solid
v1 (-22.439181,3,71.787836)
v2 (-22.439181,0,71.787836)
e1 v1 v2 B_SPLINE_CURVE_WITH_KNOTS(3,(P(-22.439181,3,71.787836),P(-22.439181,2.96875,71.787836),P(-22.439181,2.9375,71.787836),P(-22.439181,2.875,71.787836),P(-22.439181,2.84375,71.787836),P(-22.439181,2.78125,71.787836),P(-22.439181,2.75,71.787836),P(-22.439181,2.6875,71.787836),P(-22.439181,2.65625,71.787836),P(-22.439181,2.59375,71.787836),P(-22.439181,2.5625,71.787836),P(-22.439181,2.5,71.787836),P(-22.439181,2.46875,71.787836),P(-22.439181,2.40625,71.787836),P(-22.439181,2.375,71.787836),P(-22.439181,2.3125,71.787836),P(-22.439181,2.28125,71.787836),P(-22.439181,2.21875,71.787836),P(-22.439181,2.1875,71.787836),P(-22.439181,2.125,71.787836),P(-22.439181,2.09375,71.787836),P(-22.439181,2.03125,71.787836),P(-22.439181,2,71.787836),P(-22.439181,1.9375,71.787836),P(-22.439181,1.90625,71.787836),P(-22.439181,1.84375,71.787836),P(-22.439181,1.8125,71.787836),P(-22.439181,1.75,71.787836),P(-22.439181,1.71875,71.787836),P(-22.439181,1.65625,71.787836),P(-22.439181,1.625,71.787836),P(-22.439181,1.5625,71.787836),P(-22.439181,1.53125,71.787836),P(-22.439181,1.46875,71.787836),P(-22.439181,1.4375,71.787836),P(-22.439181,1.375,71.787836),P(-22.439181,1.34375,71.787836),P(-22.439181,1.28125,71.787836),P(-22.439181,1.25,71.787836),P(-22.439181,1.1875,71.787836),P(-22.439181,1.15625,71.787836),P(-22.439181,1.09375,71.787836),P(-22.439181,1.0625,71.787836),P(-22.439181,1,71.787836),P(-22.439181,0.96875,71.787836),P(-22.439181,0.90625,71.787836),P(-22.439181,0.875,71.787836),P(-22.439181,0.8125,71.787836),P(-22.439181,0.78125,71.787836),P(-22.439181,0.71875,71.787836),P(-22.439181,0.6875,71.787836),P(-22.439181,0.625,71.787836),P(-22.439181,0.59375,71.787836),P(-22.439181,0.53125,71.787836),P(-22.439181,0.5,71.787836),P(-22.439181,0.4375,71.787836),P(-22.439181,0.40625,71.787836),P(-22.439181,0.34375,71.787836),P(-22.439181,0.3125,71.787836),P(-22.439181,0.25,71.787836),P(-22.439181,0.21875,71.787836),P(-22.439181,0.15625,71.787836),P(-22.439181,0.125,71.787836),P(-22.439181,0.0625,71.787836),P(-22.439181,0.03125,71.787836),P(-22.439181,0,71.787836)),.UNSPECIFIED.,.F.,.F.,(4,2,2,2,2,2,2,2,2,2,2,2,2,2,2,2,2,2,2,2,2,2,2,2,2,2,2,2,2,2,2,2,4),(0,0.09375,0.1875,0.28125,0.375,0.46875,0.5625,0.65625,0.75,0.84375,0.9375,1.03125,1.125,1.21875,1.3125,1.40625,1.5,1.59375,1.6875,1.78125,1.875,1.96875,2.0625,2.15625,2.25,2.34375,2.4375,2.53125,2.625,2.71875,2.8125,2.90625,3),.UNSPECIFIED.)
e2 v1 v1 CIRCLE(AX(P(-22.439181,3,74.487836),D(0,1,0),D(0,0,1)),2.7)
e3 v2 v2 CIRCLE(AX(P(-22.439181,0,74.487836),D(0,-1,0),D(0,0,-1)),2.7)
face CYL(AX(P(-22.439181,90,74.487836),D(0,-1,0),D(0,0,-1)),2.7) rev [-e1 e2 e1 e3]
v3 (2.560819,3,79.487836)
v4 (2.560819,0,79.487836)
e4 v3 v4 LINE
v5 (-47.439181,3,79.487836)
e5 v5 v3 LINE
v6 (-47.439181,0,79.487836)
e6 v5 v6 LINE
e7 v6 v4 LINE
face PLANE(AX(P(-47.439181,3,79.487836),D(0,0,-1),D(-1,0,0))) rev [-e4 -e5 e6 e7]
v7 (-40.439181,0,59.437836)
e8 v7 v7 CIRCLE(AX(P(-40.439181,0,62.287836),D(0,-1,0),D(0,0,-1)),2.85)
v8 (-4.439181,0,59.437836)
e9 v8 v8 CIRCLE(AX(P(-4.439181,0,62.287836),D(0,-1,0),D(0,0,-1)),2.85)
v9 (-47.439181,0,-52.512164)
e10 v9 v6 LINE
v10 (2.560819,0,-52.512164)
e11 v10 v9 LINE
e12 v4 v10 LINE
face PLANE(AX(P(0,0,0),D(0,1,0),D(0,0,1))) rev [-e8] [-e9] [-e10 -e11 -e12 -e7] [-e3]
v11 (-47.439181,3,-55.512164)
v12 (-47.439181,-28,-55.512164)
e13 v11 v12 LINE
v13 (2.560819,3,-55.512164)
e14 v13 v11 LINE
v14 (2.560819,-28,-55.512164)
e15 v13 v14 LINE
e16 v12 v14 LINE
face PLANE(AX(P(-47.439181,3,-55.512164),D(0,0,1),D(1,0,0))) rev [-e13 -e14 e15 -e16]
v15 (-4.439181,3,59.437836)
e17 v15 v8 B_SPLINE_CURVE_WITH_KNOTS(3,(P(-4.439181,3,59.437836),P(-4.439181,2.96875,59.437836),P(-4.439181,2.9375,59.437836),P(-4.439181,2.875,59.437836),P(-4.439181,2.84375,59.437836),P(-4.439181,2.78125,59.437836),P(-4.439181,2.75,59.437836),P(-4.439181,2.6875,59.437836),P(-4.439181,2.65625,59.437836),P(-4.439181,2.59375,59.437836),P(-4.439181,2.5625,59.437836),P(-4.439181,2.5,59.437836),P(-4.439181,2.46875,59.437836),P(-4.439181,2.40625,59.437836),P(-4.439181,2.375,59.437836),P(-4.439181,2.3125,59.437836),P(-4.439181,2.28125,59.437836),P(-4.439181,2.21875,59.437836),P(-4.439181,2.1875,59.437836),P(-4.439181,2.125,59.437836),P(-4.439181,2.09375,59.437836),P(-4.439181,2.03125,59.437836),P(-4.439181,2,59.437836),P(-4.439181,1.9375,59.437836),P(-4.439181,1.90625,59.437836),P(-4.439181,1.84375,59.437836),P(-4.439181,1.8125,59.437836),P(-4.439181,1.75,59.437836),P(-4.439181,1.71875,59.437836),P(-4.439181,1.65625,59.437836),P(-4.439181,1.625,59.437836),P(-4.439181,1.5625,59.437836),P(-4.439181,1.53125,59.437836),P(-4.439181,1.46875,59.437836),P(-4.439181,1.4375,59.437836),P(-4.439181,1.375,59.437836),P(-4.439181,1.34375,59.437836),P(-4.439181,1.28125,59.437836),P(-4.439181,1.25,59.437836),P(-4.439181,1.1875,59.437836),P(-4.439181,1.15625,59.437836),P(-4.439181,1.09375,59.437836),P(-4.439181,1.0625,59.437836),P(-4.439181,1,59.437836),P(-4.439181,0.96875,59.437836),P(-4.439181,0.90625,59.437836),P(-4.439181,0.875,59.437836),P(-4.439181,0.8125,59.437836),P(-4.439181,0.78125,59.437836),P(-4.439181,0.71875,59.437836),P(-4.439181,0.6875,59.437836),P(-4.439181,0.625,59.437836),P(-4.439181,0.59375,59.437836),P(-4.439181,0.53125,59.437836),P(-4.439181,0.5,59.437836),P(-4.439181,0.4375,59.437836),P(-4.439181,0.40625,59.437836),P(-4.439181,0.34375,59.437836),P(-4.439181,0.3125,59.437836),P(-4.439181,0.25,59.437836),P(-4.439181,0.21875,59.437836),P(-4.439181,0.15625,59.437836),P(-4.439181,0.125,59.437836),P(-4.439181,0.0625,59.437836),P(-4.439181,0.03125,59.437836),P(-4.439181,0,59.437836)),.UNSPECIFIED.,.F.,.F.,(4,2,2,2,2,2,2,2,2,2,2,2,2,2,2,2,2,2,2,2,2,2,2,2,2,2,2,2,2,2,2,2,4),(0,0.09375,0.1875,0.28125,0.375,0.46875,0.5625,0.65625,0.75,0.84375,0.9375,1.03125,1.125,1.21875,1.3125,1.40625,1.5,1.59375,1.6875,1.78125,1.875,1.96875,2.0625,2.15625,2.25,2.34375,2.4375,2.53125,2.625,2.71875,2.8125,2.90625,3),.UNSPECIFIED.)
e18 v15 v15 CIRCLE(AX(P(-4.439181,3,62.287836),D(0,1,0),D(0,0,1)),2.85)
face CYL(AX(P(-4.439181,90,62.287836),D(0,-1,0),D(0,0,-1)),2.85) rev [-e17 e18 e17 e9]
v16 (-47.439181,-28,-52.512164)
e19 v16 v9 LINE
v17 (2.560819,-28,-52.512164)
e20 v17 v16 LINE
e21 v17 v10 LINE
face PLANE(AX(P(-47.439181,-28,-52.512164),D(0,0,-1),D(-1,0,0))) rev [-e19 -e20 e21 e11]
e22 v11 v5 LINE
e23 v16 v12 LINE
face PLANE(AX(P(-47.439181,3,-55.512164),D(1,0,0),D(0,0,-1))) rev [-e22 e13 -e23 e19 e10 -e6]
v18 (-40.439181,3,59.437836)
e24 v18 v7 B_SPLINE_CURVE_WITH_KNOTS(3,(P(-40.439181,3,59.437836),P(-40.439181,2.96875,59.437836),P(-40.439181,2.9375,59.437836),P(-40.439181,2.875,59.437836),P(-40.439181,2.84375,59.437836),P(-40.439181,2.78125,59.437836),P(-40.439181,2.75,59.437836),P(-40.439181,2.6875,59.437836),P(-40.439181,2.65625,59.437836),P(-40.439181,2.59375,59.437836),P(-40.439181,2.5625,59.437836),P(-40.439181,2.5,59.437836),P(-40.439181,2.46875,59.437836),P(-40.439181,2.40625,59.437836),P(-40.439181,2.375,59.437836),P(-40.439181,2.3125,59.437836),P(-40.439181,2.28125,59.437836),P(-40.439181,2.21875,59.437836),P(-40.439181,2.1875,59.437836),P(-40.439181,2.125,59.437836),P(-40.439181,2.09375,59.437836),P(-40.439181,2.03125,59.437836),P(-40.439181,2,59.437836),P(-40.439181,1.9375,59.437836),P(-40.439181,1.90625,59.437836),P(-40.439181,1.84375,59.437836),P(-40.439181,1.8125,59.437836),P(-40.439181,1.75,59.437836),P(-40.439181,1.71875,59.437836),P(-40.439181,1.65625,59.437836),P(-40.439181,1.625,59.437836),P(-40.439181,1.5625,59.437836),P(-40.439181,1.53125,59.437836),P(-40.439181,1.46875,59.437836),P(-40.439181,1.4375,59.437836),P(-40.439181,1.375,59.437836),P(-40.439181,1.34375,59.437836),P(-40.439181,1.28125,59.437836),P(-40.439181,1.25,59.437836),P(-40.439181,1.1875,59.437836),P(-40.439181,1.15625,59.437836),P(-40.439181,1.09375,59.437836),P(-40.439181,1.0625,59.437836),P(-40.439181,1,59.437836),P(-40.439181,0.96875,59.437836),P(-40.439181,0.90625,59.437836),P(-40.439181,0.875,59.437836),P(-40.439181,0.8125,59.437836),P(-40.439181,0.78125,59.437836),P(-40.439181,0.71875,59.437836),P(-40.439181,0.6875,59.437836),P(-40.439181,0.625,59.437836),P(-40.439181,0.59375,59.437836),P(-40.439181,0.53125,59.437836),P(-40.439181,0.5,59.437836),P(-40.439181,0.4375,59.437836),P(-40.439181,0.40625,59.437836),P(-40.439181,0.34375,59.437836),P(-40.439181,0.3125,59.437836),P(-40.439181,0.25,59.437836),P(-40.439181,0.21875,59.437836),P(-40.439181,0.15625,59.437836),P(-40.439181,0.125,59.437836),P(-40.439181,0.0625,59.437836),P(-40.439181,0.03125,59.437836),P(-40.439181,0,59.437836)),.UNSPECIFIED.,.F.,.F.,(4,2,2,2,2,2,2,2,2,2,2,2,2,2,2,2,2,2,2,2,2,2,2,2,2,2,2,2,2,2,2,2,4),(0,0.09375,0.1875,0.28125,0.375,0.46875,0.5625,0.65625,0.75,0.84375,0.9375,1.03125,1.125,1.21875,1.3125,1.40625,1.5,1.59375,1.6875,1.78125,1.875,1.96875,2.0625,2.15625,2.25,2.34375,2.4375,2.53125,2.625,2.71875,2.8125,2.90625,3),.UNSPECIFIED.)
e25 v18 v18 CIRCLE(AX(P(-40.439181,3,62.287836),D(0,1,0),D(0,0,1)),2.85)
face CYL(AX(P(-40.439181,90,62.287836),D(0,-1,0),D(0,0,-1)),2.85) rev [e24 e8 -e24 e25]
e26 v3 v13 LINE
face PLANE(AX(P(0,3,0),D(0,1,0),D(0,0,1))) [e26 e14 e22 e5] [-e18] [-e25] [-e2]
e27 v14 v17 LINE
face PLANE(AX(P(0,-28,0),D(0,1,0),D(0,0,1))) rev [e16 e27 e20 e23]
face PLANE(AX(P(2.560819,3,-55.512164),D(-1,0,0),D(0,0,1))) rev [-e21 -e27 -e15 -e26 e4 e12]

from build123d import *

# Parameters (mm, degrees)
SKETCH1_W           = 50
SKETCH1_H           = 135
BOSS_EXTRUDE1_DEPTH = 3
SKETCH2_W           = 50
SKETCH2_H           = 3
BOSS_EXTRUDE2_DEPTH = 28
SKETCH3_R           = 2.7
CUT_EXTRUDE1_DEPTH  = 90
SKETCH5_R           = 2.85
CUT_EXTRUDE2_DEPTH  = 90


with BuildPart() as part:
    # Sketch1 → Boss-Extrude1 (new body)
    with BuildSketch(Plane(origin=(0, 0, 0), x_dir=(1, 0, 0), z_dir=(0, 1, 0))):
        with Locations((-22.439180538, -11.987836108)):
            Rectangle(SKETCH1_W, SKETCH1_H)
    extrude(amount=BOSS_EXTRUDE1_DEPTH)

    # Sketch2 → Boss-Extrude2 (add)
    with BuildSketch(Plane.XZ):
        with Locations((-22.439180538, -54.012163892)):
            Rectangle(SKETCH2_W, SKETCH2_H)
    extrude(amount=BOSS_EXTRUDE2_DEPTH)

    # Sketch3 → Cut-Extrude1 (cut)
    with BuildSketch(Plane.XZ):
        with Locations(Location((-22.439180538, 74.487836108, 0), (0, 0, 270))):
            Circle(SKETCH3_R)
    extrude(amount=-CUT_EXTRUDE1_DEPTH, mode=Mode.SUBTRACT)

    # Sketch5 → Cut-Extrude2 (cut)
    with BuildSketch(Plane.XZ):
        with Locations(Location((-40.439180538, 62.287836108, 0), (0, 0, 270))):
            Circle(SKETCH5_R)
        with Locations(Location((-4.439180538, 62.287836108, 0), (0, 0, 270))):
            Circle(SKETCH5_R)
    extrude(amount=-CUT_EXTRUDE2_DEPTH, mode=Mode.SUBTRACT)


solid = part.part
